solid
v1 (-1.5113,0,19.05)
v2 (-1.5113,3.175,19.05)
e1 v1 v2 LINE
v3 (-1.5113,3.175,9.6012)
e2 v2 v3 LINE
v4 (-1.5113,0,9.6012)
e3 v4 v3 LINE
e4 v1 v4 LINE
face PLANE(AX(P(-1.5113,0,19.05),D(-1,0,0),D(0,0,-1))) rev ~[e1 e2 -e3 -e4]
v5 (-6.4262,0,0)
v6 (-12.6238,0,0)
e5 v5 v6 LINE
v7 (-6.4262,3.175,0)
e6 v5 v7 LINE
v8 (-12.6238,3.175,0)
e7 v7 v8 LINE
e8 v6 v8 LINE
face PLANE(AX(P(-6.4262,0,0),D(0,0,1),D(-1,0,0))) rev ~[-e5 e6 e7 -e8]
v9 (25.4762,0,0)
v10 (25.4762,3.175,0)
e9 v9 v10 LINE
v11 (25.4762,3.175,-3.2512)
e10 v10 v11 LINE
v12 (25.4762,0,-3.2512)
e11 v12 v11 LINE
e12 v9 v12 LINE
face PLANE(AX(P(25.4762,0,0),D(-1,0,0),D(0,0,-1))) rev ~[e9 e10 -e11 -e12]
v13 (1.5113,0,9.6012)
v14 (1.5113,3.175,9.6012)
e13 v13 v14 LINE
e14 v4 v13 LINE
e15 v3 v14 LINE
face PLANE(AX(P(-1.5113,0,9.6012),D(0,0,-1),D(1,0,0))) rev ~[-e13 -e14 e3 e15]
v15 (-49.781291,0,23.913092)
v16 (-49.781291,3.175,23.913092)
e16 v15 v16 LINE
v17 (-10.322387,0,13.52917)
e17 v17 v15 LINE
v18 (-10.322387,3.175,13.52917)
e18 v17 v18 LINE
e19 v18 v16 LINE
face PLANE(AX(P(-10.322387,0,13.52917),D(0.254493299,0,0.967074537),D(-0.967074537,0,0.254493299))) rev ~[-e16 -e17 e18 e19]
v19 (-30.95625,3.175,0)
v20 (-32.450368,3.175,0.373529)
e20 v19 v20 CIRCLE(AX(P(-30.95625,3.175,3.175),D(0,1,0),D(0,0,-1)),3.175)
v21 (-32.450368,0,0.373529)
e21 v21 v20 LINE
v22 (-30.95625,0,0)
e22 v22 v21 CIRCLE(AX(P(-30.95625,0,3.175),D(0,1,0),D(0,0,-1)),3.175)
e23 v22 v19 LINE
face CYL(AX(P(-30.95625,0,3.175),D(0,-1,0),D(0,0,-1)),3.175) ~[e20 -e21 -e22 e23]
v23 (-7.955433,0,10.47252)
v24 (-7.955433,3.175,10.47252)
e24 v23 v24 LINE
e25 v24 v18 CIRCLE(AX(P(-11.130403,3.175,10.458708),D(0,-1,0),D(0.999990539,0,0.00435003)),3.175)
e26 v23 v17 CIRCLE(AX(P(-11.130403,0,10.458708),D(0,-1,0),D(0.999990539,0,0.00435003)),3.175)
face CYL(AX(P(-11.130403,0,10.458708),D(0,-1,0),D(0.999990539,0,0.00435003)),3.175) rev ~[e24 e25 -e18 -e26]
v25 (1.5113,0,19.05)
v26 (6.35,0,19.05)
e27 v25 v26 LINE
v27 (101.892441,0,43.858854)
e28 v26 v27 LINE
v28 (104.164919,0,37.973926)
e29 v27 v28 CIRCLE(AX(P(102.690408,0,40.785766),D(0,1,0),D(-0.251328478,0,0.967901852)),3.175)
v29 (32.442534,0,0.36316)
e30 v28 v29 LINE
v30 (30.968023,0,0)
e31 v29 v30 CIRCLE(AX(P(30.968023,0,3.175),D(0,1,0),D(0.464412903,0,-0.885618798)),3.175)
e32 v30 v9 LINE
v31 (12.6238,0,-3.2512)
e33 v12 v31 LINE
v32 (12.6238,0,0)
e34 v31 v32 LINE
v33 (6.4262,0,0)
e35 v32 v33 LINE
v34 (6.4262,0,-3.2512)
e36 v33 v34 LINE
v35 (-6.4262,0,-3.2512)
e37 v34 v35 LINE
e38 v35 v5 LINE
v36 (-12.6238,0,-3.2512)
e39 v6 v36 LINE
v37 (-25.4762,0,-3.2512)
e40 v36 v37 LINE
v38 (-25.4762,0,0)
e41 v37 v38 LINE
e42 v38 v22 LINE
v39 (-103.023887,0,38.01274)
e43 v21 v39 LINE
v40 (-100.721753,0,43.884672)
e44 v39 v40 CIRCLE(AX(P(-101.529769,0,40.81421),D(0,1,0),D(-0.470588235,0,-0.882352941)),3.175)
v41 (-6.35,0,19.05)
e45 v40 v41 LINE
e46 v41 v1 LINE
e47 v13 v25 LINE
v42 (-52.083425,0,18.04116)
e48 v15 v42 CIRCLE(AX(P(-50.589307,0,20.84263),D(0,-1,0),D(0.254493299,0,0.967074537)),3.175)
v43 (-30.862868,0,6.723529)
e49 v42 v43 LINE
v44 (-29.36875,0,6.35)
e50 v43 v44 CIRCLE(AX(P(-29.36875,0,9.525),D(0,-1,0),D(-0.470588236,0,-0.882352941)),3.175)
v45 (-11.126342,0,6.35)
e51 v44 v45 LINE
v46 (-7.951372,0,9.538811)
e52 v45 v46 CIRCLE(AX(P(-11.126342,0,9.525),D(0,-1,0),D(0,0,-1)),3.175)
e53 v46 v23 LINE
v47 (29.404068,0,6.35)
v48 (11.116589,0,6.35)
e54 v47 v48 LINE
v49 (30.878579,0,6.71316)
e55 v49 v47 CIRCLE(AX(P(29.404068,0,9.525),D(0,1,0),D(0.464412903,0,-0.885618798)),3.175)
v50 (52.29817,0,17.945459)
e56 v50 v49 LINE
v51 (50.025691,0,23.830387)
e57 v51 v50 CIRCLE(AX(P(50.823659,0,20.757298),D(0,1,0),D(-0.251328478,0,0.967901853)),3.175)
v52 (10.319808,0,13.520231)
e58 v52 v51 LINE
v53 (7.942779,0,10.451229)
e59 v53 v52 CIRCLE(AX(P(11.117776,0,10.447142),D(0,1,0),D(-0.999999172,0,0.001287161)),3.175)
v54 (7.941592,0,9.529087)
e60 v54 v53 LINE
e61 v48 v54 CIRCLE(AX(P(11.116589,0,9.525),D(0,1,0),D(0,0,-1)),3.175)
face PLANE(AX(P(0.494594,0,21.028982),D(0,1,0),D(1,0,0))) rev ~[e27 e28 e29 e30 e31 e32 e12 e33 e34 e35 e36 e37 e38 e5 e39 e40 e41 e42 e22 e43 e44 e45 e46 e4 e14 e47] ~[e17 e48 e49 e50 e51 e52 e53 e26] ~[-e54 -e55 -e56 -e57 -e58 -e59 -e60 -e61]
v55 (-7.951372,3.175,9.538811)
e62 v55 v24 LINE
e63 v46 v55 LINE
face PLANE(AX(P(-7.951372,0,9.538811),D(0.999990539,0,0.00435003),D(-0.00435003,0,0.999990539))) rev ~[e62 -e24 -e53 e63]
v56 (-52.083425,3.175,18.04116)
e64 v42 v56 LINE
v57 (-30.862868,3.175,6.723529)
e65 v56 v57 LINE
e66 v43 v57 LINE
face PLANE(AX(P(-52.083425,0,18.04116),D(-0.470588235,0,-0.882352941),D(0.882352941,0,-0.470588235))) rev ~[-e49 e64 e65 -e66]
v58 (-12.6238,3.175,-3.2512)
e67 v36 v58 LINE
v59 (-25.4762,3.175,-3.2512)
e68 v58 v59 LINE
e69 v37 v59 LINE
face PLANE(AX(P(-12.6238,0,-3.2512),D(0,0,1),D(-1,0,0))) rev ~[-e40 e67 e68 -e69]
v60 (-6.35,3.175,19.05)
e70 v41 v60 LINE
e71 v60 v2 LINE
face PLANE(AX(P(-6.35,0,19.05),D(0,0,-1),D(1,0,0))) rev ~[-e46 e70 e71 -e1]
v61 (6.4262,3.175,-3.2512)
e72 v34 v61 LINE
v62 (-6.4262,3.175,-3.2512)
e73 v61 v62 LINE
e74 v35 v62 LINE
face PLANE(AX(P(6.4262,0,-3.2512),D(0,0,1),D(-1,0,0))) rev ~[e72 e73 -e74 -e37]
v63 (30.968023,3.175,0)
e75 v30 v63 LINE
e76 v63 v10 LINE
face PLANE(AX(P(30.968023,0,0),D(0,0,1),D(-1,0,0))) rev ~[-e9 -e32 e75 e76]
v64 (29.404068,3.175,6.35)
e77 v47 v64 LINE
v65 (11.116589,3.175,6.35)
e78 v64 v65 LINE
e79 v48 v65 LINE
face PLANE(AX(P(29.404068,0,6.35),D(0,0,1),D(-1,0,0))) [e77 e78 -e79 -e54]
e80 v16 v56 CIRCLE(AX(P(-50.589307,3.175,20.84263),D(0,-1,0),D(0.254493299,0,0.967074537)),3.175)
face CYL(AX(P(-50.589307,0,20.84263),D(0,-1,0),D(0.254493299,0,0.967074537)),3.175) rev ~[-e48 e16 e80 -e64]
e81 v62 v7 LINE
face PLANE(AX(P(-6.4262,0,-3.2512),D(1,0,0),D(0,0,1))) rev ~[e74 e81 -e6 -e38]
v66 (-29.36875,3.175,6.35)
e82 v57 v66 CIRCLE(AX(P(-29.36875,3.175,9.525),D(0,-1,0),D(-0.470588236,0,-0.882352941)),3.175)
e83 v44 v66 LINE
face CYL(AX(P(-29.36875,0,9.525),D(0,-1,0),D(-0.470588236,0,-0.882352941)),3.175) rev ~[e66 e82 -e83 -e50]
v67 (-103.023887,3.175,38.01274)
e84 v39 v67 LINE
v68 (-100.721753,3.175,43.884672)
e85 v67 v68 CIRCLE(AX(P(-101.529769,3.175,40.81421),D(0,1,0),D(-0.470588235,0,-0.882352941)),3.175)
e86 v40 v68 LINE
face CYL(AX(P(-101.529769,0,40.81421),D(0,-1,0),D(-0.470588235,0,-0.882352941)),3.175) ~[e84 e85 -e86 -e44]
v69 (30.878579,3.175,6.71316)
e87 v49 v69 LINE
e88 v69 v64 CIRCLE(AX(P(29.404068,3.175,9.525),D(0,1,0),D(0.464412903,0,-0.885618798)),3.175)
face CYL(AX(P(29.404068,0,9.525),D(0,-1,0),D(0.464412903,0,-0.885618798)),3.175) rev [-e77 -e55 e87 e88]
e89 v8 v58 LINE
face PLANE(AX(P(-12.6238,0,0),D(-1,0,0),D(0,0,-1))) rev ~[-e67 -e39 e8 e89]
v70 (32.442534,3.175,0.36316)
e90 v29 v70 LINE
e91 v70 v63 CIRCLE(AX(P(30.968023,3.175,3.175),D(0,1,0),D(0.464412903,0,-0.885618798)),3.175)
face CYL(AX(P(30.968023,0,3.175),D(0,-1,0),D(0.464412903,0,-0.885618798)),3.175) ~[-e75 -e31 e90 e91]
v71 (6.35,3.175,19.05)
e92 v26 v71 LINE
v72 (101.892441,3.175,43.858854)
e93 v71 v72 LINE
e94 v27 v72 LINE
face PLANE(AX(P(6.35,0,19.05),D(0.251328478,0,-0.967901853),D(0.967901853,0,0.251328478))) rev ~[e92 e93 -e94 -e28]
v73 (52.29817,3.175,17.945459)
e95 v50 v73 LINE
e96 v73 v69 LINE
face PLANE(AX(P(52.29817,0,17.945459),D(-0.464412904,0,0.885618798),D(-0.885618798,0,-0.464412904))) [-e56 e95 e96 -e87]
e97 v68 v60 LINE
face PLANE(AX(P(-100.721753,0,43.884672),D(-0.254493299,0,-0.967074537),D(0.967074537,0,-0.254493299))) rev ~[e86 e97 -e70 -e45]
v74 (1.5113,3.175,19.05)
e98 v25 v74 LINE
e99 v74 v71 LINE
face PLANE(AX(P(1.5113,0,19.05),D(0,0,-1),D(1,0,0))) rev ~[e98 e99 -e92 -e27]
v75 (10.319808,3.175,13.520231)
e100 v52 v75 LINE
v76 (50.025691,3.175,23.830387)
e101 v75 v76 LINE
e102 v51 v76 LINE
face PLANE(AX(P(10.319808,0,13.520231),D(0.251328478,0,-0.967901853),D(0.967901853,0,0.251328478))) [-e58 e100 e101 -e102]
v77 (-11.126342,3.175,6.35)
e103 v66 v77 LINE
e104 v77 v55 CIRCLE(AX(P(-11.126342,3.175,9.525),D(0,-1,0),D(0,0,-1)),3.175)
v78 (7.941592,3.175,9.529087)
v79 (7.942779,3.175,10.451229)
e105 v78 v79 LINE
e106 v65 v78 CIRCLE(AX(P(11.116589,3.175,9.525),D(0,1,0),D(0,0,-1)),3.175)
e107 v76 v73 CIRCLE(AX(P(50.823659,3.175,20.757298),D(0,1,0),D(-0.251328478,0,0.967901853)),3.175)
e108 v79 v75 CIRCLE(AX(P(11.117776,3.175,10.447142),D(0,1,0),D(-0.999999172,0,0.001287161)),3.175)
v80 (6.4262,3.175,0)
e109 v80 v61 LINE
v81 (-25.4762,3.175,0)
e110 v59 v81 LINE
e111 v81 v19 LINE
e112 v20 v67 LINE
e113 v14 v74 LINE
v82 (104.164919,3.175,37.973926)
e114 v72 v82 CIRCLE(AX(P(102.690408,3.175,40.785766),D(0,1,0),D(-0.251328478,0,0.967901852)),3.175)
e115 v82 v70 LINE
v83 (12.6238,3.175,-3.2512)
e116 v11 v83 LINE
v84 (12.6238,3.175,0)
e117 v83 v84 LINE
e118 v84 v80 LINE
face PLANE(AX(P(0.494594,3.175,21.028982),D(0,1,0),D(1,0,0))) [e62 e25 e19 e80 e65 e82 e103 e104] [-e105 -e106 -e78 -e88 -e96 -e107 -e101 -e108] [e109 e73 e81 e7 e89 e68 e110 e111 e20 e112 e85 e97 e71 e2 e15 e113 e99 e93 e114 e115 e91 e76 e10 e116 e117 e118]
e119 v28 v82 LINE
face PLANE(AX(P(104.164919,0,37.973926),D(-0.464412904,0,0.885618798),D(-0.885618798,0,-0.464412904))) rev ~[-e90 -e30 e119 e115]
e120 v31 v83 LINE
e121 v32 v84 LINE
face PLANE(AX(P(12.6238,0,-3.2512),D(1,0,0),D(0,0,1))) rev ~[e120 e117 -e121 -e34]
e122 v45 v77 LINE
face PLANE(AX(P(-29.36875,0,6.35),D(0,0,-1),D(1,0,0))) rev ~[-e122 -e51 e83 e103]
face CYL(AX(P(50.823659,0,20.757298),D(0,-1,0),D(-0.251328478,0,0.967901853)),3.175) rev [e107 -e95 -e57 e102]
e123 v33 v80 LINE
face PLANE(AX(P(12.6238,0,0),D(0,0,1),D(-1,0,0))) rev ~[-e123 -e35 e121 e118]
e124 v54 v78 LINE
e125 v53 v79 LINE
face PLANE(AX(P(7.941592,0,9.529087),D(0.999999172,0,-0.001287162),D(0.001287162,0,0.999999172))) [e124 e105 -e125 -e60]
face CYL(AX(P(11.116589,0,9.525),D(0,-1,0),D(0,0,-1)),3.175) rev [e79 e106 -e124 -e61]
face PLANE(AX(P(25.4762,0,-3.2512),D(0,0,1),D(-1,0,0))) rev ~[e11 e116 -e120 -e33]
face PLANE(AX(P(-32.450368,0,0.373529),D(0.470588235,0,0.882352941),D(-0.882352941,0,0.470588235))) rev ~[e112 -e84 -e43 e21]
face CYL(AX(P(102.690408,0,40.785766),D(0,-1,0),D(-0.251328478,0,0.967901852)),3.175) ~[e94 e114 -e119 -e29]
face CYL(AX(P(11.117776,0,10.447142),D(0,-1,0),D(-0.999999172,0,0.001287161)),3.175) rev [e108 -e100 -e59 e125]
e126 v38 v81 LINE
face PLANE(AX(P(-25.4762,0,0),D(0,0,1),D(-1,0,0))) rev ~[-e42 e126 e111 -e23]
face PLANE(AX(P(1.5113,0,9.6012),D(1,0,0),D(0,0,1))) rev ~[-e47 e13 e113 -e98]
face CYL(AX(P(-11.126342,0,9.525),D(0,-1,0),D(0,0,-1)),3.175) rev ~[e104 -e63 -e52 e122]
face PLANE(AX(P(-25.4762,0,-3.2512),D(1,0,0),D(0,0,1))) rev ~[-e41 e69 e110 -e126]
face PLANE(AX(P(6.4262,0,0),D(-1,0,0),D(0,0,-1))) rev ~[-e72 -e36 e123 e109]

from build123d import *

# Parameters (mm, degrees)
BOSS_EXTRUDE1_DEPTH = 3.175


with BuildPart() as part:
    # Sketch2 → Boss-Extrude1 (new body)
    with BuildSketch(Plane(origin=(0, 0, 0), x_dir=(1, 0, 0), z_dir=(0, 1, 0))):
        with BuildLine():
            Line((-1.5113, -19.05), (-1.5113, -9.6012))
            Line((-1.5113, -9.6012), (1.5113, -9.6012))
            Line((1.5113, -9.6012), (1.5113, -19.05))
            Line((1.5113, -19.05), (6.35, -19.05))
            Line((6.35, -19.05), (101.892440563, -43.858854449))
            ThreePointArc((101.892440563, -43.858854449), (105.652252874, -41.929489283), (104.164919451, -37.973926385))
            Line((104.164919451, -37.973926385), (32.442533737, -0.363160318))
            ThreePointArc((32.442533737, -0.363160318), (31.727309935, -0.092126666), (30.968022767, 0))
            Line((30.968022767, 0), (25.4762, 0))
            Line((25.4762, 0), (25.4762, 3.2512))
            Line((25.4762, 3.2512), (12.6238, 3.2512))
            Line((12.6238, 3.2512), (12.6238, 0))
            Line((12.6238, 0), (6.4262, 0))
            Line((6.4262, 0), (6.4262, 3.2512))
            Line((6.4262, 3.2512), (-6.4262, 3.2512))
            Line((-6.4262, 3.2512), (-6.4262, 0))
            Line((-6.4262, 0), (-12.6238, 0))
            Line((-12.6238, 0), (-12.6238, 3.2512))
            Line((-12.6238, 3.2512), (-25.4762, 3.2512))
            Line((-25.4762, 3.2512), (-25.4762, 0))
            Line((-25.4762, 0), (-30.95625, 0))
            ThreePointArc((-30.95625, 0), (-31.726300609, -0.094797562), (-32.450367647, -0.373529412))
            Line((-32.450367647, -0.373529412), (-103.023886624, -38.012739533))
            ThreePointArc((-103.023886624, -38.012739533), (-104.485708905, -41.973107934), (-100.721752751, -43.884671777))
            Line((-100.721752751, -43.884671777), (-6.35, -19.05))
            Line((-6.35, -19.05), (-1.5113, -19.05))
        make_face()
        with BuildLine():
            Line((-52.083424577, -18.041159774), (-30.862867647, -6.723529412))
            ThreePointArc((-30.862867647, -6.723529412), (-30.138800609, -6.444797562), (-29.36875, -6.35))
            Line((-29.36875, -6.35), (-11.126341516, -6.35))
            ThreePointArc((-11.126341516, -6.35), (-8.876399737, -7.28482434), (-7.951371556, -9.538811345))
            Line((-7.951371556, -9.538811345), (-7.955433254, -10.472519677))
            ThreePointArc((-7.955433254, -10.472519677), (-8.620060106, -12.402622549), (-10.322386989, -13.529169988))
            Line((-10.322386989, -13.529169988), (-49.781290705, -23.913092018))
            ThreePointArc((-49.781290705, -23.913092018), (-53.545246858, -22.001528175), (-52.083424577, -18.041159774))
        make_face(mode=Mode.SUBTRACT)
        with BuildLine():
            Line((7.941592001, -9.529086738), (7.942778948, -10.451228904))
            ThreePointArc((7.942778948, -10.451228904), (8.607635671, -12.39131781), (10.3198084, -13.520230548))
            Line((10.3198084, -13.520230548), (50.025691322, -23.830386583))
            ThreePointArc((50.025691322, -23.830386583), (53.785503632, -21.901021417), (52.29817021, -17.945458519))
            Line((52.29817021, -17.945458519), (30.878579271, -6.713160318))
            ThreePointArc((30.878579271, -6.713160318), (30.163355469, -6.442126666), (29.404068301, -6.35))
            Line((29.404068301, -6.35), (11.116589371, -6.35))
            ThreePointArc((11.116589371, -6.35), (8.870080926, -7.281381315), (7.941592001, -9.529086738))
        make_face(mode=Mode.SUBTRACT)
    extrude(amount=BOSS_EXTRUDE1_DEPTH)


solid = part.part
